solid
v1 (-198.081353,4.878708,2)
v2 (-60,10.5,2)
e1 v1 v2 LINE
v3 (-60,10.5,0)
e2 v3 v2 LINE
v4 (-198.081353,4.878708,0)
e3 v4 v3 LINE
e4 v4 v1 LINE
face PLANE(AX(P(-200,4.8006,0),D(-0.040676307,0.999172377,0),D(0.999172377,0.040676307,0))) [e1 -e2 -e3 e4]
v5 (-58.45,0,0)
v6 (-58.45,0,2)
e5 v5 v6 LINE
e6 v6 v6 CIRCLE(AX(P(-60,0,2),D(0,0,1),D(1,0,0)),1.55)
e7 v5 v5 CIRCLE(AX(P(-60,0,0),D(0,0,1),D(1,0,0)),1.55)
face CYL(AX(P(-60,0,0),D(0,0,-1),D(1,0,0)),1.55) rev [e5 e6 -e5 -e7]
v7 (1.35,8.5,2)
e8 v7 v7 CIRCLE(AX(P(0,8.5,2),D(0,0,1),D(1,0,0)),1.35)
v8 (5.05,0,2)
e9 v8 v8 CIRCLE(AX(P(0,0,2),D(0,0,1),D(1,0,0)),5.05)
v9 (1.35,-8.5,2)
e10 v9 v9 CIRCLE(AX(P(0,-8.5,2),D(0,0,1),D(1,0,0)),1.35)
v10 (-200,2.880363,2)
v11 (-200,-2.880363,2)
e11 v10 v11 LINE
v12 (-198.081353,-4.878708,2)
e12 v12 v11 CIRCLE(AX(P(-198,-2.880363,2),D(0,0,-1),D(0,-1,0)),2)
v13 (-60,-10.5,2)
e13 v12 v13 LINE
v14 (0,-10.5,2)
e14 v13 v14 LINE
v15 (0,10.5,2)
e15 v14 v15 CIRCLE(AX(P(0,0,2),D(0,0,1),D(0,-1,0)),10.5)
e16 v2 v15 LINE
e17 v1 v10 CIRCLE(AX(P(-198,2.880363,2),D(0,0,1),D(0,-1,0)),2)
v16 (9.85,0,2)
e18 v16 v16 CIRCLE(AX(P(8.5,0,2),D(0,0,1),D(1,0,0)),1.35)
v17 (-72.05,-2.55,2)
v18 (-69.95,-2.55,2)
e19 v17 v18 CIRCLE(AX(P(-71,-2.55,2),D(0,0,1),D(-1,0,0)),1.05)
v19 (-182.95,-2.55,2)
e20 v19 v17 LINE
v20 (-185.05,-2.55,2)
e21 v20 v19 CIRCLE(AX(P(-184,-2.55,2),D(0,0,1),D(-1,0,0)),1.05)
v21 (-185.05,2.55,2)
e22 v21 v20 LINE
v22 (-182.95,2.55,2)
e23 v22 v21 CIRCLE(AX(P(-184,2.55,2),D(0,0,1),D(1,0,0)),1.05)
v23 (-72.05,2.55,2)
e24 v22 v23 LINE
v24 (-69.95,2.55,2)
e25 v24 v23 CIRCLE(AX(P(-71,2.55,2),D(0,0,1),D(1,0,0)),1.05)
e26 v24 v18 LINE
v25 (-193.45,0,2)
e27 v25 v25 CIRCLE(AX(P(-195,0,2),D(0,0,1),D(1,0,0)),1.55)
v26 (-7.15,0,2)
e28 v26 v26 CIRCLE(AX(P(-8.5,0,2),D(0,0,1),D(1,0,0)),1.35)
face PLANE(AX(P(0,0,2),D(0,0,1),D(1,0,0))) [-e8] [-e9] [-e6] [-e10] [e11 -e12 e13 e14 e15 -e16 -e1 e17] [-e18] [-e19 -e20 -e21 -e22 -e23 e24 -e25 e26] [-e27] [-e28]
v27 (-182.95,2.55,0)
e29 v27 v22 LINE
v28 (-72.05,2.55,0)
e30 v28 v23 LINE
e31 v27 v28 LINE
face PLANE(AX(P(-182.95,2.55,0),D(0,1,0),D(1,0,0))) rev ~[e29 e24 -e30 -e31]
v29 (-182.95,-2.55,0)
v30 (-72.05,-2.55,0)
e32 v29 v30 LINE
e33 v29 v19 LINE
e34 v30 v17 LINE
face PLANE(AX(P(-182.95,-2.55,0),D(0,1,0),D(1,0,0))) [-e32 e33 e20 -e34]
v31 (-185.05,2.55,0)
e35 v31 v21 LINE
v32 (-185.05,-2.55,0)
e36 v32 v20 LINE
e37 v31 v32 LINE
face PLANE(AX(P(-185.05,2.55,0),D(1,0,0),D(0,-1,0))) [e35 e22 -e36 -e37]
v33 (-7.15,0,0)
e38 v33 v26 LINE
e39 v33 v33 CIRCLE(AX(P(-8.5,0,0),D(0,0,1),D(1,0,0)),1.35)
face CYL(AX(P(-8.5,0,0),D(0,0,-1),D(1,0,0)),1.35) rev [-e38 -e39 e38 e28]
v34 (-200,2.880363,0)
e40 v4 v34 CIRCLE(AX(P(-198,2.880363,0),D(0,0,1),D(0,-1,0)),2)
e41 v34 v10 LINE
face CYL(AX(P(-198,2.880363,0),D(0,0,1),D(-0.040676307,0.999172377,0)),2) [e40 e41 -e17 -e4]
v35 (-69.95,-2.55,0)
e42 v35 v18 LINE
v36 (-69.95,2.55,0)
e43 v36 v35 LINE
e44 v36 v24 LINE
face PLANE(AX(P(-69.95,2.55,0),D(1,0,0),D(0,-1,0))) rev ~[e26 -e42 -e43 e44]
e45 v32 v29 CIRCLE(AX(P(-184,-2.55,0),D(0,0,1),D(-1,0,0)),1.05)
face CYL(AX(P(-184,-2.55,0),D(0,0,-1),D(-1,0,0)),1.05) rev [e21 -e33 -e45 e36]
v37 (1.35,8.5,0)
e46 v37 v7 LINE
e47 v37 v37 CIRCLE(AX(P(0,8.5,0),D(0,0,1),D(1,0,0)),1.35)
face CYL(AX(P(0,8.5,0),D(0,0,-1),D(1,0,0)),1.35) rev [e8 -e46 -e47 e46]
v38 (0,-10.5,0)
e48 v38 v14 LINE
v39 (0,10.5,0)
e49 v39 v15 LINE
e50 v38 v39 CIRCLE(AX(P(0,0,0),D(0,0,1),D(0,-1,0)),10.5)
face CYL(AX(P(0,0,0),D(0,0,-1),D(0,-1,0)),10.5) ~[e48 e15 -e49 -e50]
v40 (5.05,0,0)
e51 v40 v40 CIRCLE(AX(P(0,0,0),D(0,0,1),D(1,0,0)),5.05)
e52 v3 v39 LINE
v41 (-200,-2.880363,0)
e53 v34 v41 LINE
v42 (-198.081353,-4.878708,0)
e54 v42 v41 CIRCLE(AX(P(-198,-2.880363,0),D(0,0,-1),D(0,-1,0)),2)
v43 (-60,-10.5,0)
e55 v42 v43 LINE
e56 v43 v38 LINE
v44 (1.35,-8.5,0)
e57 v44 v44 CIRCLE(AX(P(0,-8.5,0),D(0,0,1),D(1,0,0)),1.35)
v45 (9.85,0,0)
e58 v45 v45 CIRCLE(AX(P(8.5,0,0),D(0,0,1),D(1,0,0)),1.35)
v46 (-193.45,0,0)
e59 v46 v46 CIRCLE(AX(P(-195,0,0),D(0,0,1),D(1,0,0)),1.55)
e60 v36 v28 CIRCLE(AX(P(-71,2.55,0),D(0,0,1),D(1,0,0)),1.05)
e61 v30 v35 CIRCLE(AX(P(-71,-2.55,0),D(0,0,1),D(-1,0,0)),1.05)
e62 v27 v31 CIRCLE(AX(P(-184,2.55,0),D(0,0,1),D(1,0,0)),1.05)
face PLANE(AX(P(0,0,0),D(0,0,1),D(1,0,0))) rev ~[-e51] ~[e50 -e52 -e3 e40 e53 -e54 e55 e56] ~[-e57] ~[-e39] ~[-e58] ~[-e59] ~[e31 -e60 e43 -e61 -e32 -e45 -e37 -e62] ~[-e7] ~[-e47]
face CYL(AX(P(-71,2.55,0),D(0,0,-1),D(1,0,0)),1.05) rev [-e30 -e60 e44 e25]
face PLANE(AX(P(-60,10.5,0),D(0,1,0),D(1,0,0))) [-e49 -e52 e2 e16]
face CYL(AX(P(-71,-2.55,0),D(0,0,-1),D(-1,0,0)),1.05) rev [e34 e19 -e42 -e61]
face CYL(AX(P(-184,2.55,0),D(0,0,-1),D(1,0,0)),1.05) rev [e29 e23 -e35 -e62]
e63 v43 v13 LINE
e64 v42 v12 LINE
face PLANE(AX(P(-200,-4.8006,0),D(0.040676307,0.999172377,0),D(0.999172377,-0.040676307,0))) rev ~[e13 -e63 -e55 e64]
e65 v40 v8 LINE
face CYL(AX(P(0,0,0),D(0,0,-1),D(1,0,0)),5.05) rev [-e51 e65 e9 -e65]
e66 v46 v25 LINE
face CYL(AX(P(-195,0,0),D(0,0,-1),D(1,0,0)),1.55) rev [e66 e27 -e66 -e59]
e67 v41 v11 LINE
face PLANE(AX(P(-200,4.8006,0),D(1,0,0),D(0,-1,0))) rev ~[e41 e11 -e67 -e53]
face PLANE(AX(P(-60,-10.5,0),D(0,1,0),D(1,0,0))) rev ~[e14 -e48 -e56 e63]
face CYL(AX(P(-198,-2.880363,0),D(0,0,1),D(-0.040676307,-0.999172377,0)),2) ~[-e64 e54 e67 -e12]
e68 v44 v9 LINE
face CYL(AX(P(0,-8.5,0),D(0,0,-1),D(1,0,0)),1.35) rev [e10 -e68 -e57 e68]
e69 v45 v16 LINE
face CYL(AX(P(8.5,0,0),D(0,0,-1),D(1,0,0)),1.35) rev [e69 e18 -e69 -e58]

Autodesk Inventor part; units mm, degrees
ref_plane "YZ Plane" through (0, 0, 0) normal (1, 0, 0) x (0, 1, 0)
ref_plane "XZ Plane" through (0, 0, 0) normal (0, 1, 0) x (-1, 0, 0)
ref_plane "XY Plane" through (0, 0, 0) normal (0, 0, 1) x (1, 0, 0)
sketch "スケッチ1" plane through (0, 0, 0) normal (0, 0, 1) x (1, 0, 0)
  circle A0 centre (0, 0) radius 10.5 construction
  line L0 (0, 10.5) -> (-200, 10.5) construction
  line L1 (-200, 10.5) -> (-200, -10.5) construction
  line L2 (-200, -10.5) -> (0, -10.5) construction
  circle A1 centre (-195, 0) radius 1.55
  line L3 (-185, 2.5) -> (-70, 2.5) construction
  line L4 (-70, 2.5) -> (-70, -2.5) construction
  line L5 (-70, -2.5) -> (-185, -2.5) construction
  line L6 (-185, -2.5) -> (-185, 2.5) construction
  line L7 (-127.5, 2.5) -> (-127.5, -2.5) construction
  circle A2 centre (-60, 0) radius 1.55
  line L8 (-12, 21.3027) -> (-12, -27.3903) construction
  line L9 (-69.95, 2.55) -> (-185.05, 2.55) construction
  line L10 (-185.05, 2.55) -> (-185.05, -2.55) construction
  line L11 (-185.05, -2.55) -> (-69.95, -2.55) construction
  line L12 (-69.95, -2.55) -> (-69.95, 2.55) construction
  circle A3 centre (-184, 2.55) radius 1.05 construction
  line L13 (-185, 0) -> (-127.5, 0) construction
  line L14 (-185.05, 2.55) -> (-185.05, -2.55)
  arc A4 (-182.95, 2.55) -> (-185.05, 2.55) centre (-184, 2.55) ccw
  line L15 (-182.95, 2.55) -> (-72.05, 2.55)
  arc A5 (-69.95, 2.55) -> (-72.05, 2.55) centre (-71, 2.55) ccw
  line L16 (-69.95, 2.55) -> (-69.95, -2.55)
  arc A6 (-185.05, -2.55) -> (-182.95, -2.55) centre (-184, -2.55) ccw
  line L17 (-182.95, -2.55) -> (-72.05, -2.55)
  arc A7 (-72.05, -2.55) -> (-69.95, -2.55) centre (-71, -2.55) ccw
  circle A8 centre (0, 8.5) radius 1.35
  circle A9 centre (0, 0) radius 5.05
  circle A10 centre (-8.5, 0) radius 1.35
  circle A11 centre (0, -8.5) radius 1.35
  circle A12 centre (8.5, 0) radius 1.35
  line L18 (-200, 4.8006) -> (-200, -4.8006)
  line L19 (-200, 4.8006) -> (-60, 10.5)
  line L20 (-60, 10.5) -> (0, 10.5)
  line L21 (-200, -4.8006) -> (-60, -10.5)
  line L22 (-60, -10.5) -> (0, -10.5)
  arc A13 (0, -10.5) -> (0, 10.5) centre (0, 0) ccw
  circle A14 centre (-195, 0) radius 5 construction
  point P0 (-200, 0)
  dimension "d9" = 2.1
  dimension "d0" = 200
  dimension "d1" = 3.1
  dimension "d2" = 21
  dimension "d3" = 10
  dimension "d4" = 5
  dimension "d5" = 12
  dimension "d6" = 135
  dimension "d7" = 5
  dimension "d8" = 0.05
  dimension "d10" = 2.7
  dimension "d11" = 8.5
  dimension "d12" = 10.1
  dimension "d15" = 360
extrude "押し出し1" add sketch "スケッチ1" along normal blind 2
fillet "フィレット1" radius 2 2 edges at (-200, -4.8006, 1) (-200, 4.8006, 1)
equation "\"H_head\" = 96"
equation "\"H_leg\" = 306"
equation "\"足の面積\" = 12720.125"
equation "\"現在の面積\" = 11560"
equation "\"足_短辺\" = 68"
equation "\"円柱\" = 313.5"
equation "\"胴体中心から手先\" = 342"
equation "\"H_leg_1\" = 186.2"
equation "\"H_leg_MAX\" = 399"
equation "\"H_head_1\" = 26.6"
equation "\"H_head_MAX\" = 142.5"
properties part number "前腕_メインフレーム_1_1" material "GFRP"
